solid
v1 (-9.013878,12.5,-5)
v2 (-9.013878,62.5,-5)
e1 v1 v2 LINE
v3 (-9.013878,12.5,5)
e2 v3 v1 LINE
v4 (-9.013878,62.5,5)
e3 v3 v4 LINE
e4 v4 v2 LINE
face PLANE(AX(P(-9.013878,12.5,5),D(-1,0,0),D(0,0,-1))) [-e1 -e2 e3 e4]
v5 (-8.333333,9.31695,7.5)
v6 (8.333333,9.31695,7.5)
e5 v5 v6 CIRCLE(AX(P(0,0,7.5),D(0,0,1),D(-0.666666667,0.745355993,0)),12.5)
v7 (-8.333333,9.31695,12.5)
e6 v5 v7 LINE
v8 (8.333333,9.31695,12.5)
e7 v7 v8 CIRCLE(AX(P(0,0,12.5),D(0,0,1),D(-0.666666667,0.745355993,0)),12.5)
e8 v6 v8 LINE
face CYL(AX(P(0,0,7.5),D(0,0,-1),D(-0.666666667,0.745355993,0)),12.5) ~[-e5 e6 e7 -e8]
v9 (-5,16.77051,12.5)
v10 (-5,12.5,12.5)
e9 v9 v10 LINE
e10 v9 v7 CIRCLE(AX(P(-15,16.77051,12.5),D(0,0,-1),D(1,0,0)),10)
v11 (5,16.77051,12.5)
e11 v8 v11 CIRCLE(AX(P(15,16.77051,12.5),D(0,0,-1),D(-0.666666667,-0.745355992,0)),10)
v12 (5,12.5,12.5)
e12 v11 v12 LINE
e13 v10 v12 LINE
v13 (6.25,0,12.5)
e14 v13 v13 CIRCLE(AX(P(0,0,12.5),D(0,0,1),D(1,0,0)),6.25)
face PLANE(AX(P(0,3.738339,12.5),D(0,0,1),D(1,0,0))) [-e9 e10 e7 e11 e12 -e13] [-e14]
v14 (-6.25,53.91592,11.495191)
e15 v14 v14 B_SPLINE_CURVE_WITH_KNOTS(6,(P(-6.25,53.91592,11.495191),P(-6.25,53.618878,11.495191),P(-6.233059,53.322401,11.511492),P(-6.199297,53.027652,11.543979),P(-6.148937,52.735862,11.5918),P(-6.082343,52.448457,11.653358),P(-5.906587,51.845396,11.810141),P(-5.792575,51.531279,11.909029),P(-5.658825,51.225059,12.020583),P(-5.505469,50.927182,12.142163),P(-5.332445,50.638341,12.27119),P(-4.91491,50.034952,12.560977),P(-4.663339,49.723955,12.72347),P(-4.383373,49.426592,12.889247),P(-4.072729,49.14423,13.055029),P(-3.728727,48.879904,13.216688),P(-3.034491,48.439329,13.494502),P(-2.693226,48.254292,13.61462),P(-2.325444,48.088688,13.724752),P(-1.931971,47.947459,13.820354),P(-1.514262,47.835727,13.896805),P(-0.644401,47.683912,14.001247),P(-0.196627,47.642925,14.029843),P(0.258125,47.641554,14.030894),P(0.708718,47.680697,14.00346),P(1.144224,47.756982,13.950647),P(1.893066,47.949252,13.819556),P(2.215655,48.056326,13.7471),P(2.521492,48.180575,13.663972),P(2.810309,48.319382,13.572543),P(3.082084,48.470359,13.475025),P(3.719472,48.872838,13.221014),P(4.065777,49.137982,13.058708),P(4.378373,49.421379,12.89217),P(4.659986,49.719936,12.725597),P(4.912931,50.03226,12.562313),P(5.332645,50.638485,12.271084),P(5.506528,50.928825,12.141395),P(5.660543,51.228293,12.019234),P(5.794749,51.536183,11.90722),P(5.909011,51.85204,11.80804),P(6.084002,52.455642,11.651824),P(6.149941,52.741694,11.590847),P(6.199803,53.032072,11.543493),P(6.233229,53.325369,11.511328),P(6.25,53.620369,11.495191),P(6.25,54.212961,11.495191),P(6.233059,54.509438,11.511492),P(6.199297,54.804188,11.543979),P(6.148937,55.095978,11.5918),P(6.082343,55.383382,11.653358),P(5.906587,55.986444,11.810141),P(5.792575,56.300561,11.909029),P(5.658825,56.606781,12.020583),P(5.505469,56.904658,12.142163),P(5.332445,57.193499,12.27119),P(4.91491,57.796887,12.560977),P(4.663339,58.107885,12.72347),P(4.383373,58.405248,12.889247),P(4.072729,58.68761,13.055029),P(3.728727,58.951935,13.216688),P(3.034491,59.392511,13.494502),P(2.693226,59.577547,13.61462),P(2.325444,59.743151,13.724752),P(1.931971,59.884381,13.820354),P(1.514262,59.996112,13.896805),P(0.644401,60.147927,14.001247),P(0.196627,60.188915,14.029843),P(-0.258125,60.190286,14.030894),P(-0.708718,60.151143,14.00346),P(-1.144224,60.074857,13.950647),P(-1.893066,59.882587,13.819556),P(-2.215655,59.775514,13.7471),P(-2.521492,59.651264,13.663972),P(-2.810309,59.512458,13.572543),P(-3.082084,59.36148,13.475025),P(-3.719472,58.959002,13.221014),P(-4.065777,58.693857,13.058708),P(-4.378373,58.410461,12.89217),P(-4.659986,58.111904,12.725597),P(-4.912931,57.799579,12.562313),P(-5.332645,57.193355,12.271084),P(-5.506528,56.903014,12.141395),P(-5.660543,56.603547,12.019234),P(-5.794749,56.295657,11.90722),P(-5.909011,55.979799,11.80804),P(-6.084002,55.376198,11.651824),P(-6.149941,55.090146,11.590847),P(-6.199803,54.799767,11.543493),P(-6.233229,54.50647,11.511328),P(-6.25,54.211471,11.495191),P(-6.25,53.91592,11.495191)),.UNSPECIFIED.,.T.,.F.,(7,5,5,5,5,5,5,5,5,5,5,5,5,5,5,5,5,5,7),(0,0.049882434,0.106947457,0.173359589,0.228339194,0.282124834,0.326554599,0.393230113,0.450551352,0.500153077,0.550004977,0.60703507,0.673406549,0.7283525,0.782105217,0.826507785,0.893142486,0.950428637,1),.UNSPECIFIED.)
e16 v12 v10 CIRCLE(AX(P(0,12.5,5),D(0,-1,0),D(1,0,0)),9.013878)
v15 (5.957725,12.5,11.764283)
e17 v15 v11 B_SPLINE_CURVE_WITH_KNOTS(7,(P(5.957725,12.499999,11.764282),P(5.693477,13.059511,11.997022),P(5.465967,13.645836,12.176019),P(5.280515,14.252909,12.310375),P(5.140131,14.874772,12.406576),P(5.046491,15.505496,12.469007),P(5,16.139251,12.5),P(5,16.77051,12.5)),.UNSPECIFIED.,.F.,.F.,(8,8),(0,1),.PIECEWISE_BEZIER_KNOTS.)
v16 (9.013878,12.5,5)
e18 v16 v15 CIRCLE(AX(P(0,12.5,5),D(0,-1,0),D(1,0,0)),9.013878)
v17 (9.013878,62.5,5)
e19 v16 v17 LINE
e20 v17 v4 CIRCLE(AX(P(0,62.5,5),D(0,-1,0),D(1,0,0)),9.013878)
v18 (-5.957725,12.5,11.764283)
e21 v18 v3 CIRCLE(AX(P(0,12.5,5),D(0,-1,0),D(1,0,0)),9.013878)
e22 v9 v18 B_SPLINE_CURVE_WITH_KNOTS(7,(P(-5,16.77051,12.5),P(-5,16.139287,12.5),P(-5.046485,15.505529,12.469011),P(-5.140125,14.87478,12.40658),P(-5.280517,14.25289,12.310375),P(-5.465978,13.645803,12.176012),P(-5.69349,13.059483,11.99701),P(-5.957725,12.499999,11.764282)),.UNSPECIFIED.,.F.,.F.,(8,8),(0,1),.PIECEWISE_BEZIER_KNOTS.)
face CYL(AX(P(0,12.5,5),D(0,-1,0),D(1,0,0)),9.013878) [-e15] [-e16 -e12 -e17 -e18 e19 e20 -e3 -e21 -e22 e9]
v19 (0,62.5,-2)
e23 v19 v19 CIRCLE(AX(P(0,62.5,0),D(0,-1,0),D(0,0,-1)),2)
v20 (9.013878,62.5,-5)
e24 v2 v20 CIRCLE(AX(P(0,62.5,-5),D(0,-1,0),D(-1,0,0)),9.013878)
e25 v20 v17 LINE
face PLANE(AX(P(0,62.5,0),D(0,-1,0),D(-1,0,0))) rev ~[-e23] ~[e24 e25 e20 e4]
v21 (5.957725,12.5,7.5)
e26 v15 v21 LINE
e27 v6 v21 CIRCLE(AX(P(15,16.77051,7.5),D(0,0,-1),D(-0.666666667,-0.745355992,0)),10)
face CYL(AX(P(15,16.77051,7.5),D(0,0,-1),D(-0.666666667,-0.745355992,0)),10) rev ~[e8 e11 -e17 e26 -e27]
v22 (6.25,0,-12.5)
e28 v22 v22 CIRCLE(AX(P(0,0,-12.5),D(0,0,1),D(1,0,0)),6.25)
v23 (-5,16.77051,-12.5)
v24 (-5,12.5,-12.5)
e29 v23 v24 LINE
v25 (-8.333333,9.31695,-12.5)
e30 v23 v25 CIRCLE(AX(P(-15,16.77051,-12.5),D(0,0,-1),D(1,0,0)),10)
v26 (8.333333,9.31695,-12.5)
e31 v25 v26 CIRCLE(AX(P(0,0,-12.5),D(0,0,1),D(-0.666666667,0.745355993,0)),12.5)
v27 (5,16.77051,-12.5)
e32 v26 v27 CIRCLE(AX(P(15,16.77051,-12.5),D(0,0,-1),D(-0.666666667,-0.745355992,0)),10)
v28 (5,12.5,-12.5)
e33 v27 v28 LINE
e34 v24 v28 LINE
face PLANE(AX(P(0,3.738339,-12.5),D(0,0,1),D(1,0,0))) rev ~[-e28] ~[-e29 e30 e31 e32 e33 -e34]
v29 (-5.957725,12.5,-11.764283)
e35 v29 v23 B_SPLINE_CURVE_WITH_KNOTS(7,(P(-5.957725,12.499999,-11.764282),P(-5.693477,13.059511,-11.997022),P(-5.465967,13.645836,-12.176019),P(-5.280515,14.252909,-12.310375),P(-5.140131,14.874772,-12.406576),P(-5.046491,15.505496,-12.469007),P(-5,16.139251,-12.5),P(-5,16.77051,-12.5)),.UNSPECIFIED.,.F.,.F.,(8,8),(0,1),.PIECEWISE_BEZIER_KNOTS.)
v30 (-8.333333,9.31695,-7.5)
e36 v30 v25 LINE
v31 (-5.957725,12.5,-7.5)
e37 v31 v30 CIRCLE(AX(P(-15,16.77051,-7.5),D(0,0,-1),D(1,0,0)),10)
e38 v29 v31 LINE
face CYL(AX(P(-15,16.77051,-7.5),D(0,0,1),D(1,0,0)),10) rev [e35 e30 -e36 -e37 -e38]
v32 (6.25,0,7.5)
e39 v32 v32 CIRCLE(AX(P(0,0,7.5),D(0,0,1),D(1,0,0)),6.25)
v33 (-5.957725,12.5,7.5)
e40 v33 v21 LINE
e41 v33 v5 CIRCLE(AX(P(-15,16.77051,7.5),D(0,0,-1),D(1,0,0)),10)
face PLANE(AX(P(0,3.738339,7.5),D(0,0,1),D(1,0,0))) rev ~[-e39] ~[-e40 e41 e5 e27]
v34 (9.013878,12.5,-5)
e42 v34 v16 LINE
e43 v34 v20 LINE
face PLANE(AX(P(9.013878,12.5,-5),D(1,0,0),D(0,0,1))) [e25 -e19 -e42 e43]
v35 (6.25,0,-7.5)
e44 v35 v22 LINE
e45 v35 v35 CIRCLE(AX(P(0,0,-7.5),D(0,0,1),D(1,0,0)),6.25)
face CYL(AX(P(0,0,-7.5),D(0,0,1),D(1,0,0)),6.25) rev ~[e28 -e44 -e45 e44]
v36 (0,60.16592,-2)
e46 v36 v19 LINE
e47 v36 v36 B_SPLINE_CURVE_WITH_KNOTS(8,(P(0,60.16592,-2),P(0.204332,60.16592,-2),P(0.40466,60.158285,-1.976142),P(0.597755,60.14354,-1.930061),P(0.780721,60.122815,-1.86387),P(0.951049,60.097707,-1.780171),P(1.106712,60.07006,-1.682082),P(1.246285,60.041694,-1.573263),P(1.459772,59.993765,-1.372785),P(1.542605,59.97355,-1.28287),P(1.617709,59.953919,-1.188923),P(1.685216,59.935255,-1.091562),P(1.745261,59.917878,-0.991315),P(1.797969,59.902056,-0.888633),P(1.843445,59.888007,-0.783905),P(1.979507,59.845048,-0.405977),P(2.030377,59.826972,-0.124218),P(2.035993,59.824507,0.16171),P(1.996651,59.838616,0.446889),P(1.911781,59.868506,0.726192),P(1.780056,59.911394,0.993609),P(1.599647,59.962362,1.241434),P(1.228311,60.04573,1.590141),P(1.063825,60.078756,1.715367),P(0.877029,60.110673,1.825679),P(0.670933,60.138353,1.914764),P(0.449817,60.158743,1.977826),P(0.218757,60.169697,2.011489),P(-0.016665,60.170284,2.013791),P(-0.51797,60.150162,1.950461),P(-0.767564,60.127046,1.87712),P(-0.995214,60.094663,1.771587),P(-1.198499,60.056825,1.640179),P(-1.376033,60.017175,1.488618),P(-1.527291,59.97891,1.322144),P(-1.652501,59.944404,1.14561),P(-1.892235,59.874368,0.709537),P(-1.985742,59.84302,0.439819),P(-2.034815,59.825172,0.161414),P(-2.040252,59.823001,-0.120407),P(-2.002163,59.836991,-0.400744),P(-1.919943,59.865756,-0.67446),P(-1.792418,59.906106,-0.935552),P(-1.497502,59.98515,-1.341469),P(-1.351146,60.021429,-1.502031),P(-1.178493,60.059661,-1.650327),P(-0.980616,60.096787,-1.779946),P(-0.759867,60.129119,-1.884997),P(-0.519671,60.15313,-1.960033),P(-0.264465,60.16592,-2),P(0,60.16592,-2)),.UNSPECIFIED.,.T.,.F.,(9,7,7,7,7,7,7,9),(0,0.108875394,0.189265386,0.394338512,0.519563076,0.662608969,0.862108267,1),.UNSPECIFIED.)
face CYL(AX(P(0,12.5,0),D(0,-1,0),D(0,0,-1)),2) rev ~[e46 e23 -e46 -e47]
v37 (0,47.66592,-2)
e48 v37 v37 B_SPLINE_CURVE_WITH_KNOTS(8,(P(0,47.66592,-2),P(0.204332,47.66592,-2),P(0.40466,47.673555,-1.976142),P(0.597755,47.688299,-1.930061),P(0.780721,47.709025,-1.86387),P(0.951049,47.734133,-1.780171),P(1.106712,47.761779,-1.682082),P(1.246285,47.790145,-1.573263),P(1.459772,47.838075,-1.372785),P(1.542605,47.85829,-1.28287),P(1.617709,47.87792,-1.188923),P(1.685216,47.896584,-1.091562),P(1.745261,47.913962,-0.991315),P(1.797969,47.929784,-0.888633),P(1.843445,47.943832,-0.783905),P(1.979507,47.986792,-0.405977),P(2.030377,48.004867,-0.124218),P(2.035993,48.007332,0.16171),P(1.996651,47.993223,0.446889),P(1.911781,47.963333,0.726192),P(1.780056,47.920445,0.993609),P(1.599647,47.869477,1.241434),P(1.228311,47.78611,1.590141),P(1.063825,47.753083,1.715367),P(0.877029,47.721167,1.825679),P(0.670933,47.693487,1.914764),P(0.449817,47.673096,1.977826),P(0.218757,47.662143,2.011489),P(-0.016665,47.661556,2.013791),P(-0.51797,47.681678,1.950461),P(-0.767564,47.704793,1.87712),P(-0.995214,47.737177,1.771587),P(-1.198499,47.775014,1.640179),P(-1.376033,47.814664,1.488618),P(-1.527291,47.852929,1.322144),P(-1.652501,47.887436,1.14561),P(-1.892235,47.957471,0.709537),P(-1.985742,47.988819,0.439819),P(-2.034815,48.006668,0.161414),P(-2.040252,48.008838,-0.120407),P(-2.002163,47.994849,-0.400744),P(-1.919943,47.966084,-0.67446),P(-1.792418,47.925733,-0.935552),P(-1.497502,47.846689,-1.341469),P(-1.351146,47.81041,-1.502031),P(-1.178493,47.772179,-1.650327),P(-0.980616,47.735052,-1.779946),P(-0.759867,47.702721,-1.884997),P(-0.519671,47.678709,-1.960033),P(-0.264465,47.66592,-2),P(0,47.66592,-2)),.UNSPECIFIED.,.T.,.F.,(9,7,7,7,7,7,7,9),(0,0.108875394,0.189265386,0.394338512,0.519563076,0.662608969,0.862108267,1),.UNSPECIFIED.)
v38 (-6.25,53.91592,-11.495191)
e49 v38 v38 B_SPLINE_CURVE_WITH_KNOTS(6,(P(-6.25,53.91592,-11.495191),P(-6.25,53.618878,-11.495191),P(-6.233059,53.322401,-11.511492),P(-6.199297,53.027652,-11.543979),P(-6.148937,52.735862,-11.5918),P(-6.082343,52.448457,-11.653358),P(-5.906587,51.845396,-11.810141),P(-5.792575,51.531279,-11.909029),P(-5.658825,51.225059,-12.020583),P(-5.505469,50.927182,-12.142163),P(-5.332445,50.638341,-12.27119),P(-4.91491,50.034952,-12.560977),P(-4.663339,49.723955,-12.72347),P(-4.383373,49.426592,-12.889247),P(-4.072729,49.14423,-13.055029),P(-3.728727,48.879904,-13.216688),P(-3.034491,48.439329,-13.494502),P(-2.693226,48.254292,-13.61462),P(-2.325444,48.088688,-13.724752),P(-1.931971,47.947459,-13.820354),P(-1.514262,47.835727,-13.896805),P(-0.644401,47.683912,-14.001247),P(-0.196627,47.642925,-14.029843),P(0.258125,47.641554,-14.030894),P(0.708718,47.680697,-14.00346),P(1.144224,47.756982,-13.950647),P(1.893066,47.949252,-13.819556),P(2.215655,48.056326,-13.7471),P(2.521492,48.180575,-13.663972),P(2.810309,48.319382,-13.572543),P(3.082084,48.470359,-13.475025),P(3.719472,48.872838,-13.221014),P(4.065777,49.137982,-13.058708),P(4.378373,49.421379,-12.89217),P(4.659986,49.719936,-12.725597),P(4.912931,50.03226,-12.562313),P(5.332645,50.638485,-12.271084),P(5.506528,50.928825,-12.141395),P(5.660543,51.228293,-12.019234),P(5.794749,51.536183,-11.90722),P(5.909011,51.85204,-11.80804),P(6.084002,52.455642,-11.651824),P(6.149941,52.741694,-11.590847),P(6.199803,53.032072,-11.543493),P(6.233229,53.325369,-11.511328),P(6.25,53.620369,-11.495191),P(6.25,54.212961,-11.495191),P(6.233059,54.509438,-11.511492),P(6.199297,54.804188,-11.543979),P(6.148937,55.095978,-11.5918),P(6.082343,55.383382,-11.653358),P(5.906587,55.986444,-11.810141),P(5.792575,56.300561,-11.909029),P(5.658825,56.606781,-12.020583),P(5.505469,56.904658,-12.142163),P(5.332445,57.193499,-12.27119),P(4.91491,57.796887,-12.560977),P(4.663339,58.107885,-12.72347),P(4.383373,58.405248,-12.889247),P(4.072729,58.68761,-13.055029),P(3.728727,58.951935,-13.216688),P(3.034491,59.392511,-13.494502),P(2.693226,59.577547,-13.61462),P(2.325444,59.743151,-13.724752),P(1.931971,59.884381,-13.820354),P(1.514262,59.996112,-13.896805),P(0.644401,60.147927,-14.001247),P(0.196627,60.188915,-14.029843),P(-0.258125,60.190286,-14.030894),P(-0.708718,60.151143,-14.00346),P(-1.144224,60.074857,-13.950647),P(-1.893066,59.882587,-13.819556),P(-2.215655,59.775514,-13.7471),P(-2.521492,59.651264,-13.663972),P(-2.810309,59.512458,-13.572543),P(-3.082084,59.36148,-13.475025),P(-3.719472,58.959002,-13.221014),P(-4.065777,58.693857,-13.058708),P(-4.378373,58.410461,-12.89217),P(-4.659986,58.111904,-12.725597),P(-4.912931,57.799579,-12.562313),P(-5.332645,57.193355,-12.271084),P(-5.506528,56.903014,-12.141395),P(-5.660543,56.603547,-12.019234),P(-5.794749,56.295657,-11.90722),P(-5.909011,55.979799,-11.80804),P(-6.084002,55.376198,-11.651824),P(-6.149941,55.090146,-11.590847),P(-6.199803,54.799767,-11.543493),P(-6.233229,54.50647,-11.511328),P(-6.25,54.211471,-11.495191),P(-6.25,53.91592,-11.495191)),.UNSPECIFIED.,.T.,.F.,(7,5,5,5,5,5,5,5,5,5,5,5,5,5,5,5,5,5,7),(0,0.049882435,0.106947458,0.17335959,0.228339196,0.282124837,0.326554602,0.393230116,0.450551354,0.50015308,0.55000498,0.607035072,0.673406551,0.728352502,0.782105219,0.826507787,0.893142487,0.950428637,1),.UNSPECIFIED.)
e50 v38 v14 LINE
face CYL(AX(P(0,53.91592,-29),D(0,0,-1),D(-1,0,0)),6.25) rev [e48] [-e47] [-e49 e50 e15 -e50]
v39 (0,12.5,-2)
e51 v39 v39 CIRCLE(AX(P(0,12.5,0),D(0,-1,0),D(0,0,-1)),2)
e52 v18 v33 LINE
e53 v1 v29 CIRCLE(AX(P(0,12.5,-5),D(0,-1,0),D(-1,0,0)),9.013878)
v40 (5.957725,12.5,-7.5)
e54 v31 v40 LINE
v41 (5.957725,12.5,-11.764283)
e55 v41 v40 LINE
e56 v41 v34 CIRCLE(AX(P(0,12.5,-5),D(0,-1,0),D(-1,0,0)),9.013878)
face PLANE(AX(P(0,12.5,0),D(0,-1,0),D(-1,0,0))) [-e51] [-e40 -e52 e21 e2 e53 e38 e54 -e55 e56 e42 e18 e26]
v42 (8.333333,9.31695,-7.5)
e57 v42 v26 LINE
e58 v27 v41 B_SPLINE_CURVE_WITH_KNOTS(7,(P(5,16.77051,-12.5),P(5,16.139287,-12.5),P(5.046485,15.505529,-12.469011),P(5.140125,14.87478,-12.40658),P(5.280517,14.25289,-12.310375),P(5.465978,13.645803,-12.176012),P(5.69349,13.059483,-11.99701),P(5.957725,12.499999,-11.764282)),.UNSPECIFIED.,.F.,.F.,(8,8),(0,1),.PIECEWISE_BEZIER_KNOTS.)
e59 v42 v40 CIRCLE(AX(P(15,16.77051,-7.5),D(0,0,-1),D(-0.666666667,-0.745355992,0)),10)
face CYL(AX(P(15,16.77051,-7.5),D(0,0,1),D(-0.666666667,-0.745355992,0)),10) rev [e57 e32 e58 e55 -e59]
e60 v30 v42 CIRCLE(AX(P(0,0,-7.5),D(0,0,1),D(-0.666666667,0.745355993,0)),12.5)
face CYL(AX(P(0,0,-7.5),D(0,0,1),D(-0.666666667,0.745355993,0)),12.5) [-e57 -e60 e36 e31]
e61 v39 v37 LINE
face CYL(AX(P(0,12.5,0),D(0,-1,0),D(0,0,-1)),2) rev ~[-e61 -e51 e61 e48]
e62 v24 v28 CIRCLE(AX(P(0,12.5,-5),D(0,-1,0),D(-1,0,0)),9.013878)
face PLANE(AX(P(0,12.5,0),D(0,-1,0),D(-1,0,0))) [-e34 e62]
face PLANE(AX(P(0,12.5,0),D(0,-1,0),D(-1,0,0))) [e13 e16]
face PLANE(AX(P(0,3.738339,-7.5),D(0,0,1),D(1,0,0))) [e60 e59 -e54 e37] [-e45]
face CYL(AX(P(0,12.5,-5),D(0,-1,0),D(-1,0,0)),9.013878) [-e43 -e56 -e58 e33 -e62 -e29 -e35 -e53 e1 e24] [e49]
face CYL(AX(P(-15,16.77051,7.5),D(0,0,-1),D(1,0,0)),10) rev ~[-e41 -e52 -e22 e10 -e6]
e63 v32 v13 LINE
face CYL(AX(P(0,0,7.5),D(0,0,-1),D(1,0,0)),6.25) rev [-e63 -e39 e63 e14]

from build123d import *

# Parameters (mm, degrees)
BOSS_EXTRUDE1_START     = 7.5
SKETCH1_R               = 6.25
BOSS_EXTRUDE1_DEPTH     = 5
BOSS_EXTRUDE2_START     = -7.5
SKETCH1_2_R             = 6.25
BOSS_EXTRUDE2_DEPTH     = 5
BOSS_EXTRUDE3_START     = 12.5
BOSS_EXTRUDE3_DEPTH     = 50
SKETCH3_R               = 2
CUT_EXTRUDE1_DEPTH      = 56
CUT_EXTRUDE2_DEPTH      = 47
CUT_EXTRUDE2_DEPTH_BACK = 29
SKETCH4_R               = 6.25


with BuildPart() as part:
    # Sketch1 → Boss-Extrude1 (new body)
    with BuildSketch(Plane.XY.offset(BOSS_EXTRUDE1_START)):
        with BuildLine():
            Line((5, 16.770509831), (5, 18.456439237))
            Line((5, 18.456439237), (-5, 18.456439237))
            Line((-5, 18.456439237), (-5, 16.770509831))
            ThreePointArc((-5, 16.770509831), (-5.871290708, 12.688026927), (-8.333333333, 9.316949906))
            ThreePointArc((-8.333333333, 9.316949906), (0, -12.5), (8.333333333, 9.316949906))
            ThreePointArc((8.333333333, 9.316949906), (5.871290708, 12.688026927), (5, 16.770509831))
        make_face()
        Circle(SKETCH1_R, mode=Mode.SUBTRACT)
    extrude(amount=BOSS_EXTRUDE1_DEPTH)



with BuildPart() as body_2:
    # Sketch1<2> → Boss-Extrude2 (new body)
    with BuildSketch(Plane.XY.offset(BOSS_EXTRUDE2_START)):
        with BuildLine():
            Line((5, 16.770509831), (5, 18.456439237))
            Line((5, 18.456439237), (-5, 18.456439237))
            Line((-5, 18.456439237), (-5, 16.770509831))
            ThreePointArc((-5, 16.770509831), (-5.871290708, 12.688026927), (-8.333333333, 9.316949906))
            ThreePointArc((-8.333333333, 9.316949906), (0, -12.5), (8.333333333, 9.316949906))
            ThreePointArc((8.333333333, 9.316949906), (5.871290708, 12.688026927), (5, 16.770509831))
        make_face()
        Circle(SKETCH1_2_R, mode=Mode.SUBTRACT)
    extrude(amount=-BOSS_EXTRUDE2_DEPTH)


with BuildPart() as part_1:
    add(part.part)

    add(body_2.part)  # Boss-Extrude3 merges body 2
    # Sketch2 → Boss-Extrude3 (add)
    with BuildSketch(Plane(origin=(0, 0, 0), x_dir=(1, 0, 0), z_dir=(0, 1, 0)).offset(BOSS_EXTRUDE3_START)):
        with BuildLine():
            Line((9.013878189, 5), (9.013878189, -5))
            ThreePointArc((9.013878189, -5), (0, -14.013878189), (-9.013878189, -5))
            Line((-9.013878189, -5), (-9.013878189, 5))
            ThreePointArc((-9.013878189, 5), (0, 14.013878189), (9.013878189, 5))
        make_face()
    extrude(amount=BOSS_EXTRUDE3_DEPTH)

    # Sketch3 → Cut-Extrude1 (cut)
    with BuildSketch(Plane.XZ.offset(-12.5)):
        Circle(SKETCH3_R)
    extrude(amount=-CUT_EXTRUDE1_DEPTH, mode=Mode.SUBTRACT)

    # Sketch4 → Cut-Extrude2 (cut, two sides: drawn at the far end of the back side and taken through both)
    with BuildSketch(Plane.XY.offset(-CUT_EXTRUDE2_DEPTH_BACK)):
        with Locations((0, 53.915919761)):
            Circle(SKETCH4_R)
    extrude(amount=CUT_EXTRUDE2_DEPTH + CUT_EXTRUDE2_DEPTH_BACK, mode=Mode.SUBTRACT)


solid = part_1.part
